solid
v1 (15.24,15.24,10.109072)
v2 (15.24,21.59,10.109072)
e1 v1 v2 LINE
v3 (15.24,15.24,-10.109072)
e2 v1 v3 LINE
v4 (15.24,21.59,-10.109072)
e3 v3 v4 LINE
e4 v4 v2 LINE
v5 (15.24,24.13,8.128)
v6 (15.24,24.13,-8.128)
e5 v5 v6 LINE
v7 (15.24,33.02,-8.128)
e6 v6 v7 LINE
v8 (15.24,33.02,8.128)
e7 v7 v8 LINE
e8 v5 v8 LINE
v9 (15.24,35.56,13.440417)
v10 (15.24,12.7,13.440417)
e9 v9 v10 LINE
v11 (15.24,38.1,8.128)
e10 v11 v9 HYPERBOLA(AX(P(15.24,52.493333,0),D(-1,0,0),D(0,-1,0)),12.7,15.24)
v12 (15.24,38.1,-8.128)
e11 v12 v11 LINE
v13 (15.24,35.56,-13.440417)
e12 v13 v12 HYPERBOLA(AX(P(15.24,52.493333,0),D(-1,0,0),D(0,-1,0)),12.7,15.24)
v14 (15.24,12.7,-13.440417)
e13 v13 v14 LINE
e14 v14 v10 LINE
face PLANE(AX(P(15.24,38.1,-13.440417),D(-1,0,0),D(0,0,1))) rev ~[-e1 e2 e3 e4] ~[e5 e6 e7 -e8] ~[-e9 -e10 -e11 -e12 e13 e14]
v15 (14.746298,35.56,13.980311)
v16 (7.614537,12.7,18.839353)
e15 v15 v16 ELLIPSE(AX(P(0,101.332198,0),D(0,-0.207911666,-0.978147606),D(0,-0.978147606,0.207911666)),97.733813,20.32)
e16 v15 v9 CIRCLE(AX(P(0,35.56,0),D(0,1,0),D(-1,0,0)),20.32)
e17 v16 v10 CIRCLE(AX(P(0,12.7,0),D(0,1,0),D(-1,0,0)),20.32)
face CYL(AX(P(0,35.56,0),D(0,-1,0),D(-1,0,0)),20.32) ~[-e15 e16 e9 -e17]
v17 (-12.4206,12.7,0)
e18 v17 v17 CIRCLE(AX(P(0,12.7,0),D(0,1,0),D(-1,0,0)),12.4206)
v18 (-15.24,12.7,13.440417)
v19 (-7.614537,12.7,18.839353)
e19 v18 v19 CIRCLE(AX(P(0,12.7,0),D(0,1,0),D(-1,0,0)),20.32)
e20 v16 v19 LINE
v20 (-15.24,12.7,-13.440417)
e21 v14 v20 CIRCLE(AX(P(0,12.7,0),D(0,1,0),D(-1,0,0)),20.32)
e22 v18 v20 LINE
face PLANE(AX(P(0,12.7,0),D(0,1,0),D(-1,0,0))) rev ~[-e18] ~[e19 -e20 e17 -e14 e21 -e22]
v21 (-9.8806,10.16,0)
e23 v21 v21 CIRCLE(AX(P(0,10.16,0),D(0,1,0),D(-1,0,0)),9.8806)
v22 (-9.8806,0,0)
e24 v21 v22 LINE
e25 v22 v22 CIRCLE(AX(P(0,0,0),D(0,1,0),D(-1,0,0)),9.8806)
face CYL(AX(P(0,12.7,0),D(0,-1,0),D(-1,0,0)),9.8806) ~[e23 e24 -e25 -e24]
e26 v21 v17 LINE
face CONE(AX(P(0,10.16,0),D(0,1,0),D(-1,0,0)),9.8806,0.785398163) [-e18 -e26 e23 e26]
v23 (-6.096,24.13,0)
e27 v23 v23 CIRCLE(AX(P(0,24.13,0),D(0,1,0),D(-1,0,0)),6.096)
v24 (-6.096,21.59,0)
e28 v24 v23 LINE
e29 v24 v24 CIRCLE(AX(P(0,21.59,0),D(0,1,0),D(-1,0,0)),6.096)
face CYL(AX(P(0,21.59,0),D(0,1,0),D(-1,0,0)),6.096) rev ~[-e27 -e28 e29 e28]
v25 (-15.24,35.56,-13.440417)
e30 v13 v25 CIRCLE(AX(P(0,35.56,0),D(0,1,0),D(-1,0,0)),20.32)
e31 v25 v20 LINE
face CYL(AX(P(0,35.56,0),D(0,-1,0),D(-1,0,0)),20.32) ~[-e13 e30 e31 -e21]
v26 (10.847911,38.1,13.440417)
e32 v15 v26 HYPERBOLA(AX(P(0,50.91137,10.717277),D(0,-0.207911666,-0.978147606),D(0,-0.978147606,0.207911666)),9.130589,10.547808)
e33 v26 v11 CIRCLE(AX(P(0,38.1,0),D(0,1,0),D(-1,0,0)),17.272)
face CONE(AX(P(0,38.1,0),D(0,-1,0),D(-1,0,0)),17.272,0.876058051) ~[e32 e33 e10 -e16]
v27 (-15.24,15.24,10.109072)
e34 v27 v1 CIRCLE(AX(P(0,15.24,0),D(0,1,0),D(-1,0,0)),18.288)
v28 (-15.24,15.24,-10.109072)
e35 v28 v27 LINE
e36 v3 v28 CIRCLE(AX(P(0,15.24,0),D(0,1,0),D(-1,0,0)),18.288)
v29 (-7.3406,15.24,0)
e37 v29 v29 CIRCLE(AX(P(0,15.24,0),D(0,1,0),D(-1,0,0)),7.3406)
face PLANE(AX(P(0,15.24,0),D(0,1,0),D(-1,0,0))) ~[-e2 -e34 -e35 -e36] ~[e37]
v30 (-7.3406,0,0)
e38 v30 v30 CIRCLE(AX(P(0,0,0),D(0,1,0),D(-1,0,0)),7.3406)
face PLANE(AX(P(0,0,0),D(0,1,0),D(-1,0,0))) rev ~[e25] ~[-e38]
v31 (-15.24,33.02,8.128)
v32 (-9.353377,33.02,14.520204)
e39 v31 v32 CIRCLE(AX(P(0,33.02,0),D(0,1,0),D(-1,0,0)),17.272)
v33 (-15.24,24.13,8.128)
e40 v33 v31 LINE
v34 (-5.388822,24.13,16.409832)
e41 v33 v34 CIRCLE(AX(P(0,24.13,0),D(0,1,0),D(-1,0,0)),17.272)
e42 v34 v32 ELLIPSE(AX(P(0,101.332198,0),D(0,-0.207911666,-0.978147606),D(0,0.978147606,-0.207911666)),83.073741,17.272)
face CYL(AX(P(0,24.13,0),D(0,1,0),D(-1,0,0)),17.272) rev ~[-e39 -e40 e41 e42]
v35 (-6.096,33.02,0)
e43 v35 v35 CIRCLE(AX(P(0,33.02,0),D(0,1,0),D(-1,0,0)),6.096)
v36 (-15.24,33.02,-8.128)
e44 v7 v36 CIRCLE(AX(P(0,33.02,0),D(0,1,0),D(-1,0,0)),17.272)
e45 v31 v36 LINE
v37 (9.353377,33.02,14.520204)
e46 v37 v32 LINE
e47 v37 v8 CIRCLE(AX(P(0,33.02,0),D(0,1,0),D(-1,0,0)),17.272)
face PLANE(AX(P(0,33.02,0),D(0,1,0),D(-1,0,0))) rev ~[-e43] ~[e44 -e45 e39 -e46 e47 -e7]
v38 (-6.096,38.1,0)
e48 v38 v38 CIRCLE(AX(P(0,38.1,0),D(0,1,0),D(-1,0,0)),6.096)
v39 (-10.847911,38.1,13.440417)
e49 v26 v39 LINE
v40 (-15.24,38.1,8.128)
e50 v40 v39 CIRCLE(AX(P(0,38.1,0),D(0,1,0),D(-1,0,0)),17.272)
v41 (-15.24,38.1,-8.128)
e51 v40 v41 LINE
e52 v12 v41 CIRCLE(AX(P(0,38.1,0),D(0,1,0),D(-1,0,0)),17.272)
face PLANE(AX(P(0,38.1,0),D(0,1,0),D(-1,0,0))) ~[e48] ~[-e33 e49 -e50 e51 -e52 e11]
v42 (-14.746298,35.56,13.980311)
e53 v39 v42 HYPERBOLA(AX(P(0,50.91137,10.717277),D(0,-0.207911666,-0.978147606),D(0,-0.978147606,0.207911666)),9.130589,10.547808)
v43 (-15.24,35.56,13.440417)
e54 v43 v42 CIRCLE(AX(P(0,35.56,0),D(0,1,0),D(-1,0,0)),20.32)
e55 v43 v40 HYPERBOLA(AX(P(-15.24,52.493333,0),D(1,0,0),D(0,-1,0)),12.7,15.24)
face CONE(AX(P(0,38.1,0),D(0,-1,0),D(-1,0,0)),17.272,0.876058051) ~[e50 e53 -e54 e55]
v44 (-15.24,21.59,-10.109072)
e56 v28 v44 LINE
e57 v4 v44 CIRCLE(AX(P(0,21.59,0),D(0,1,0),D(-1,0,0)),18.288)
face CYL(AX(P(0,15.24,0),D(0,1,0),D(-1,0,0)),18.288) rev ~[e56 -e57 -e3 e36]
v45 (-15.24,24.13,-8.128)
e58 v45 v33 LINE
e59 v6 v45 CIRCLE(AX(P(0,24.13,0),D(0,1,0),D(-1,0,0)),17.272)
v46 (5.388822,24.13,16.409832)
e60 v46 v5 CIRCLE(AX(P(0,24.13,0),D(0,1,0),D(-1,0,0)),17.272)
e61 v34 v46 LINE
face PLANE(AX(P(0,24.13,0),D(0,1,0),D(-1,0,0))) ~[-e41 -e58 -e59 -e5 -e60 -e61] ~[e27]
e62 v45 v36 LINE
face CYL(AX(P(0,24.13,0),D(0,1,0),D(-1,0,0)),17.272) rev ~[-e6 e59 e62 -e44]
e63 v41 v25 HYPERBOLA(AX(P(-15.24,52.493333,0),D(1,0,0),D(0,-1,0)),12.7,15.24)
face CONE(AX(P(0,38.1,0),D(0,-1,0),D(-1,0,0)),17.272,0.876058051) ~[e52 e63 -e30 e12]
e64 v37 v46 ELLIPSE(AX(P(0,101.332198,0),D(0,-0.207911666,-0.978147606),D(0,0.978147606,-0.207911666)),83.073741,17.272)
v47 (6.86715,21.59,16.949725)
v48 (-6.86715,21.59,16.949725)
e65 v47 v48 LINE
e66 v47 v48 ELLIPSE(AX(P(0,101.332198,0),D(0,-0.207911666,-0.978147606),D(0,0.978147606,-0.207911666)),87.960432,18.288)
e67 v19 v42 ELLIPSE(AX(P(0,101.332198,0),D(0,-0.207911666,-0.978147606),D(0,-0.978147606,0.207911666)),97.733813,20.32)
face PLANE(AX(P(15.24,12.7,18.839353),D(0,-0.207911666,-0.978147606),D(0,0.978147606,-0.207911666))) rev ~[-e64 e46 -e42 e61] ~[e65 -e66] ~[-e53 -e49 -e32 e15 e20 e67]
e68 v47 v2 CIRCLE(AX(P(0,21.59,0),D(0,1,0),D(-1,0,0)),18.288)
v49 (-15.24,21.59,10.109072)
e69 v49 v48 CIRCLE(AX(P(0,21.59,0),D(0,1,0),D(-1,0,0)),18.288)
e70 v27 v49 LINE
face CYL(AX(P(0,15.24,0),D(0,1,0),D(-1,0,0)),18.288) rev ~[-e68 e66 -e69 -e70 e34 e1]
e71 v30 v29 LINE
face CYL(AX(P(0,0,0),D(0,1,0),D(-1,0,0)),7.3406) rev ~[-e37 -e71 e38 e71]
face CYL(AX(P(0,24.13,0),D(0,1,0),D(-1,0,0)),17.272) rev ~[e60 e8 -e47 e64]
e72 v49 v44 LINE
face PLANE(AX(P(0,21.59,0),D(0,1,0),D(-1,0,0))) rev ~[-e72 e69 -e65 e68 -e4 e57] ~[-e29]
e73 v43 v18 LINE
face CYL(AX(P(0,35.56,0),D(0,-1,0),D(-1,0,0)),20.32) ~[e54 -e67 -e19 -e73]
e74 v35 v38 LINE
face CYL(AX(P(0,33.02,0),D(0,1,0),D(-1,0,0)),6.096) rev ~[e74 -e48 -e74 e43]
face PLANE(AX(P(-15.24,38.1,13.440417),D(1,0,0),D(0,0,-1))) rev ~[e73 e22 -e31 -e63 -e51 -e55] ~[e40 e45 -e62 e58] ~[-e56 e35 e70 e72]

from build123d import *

# Parameters (mm, degrees)
F3_DEPTH = 25.4
F5_DEPTH = 30.481
F6_SIZE  = 2.54


with BuildPart() as f1:
    # F0 (on Top) → F1 (revolve)
    with BuildSketch(Plane.XY):
        Polygon((-9.8806, 0), (-7.3406, 0), (-7.3406, 15.24), (-18.288, 15.24), (-18.288, 21.59), (-6.096, 21.59), (-6.096, 24.13), (-17.272, 24.13), (-17.272, 33.02), (-6.096, 33.02), (-6.096, 38.1), (-17.272, 38.1), (-20.32, 35.56), (-20.32, 12.7), (-9.8806, 12.7), align=None)
    revolve(axis=Axis((0, 12.155764, 0), (0, 1, 0)))

    # F2 (on face) → F3 (cut)
    with BuildSketch(Plane(origin=(0, 38.1, 0), x_dir=(-1, 0, 0), z_dir=(0, 1, 0))):
        with BuildLine():
            Line((-15.24, -13.440417), (-15.24, 13.440417))
            ThreePointArc((-15.24, 13.440417), (-20.32, 0), (-15.24, -13.440417))
        make_face()
        with BuildLine():
            ThreePointArc((15.24, -13.440417), (20.32, 0), (15.24, 13.440417))
            Line((15.24, 13.440417), (15.24, -13.440417))
        make_face()
    extrude(amount=-F3_DEPTH, mode=Mode.SUBTRACT)

    # F4 (on face) → F5 (cut, through all)
    with BuildSketch(Plane.YZ.offset(15.24)):
        Polygon((12.7, 25.189353), (12.7, 18.839353), (38.1, 13.440417), (38.1, 25.189353), align=None)
    extrude(amount=-F5_DEPTH, mode=Mode.SUBTRACT)

    # F6
    f6_edges = [f1.edges().sort_by_distance(p)[0] for p in [
        (9.8806, 12.7, 0),
    ]]
    chamfer(f6_edges, length=F6_SIZE)


solid = f1.part
